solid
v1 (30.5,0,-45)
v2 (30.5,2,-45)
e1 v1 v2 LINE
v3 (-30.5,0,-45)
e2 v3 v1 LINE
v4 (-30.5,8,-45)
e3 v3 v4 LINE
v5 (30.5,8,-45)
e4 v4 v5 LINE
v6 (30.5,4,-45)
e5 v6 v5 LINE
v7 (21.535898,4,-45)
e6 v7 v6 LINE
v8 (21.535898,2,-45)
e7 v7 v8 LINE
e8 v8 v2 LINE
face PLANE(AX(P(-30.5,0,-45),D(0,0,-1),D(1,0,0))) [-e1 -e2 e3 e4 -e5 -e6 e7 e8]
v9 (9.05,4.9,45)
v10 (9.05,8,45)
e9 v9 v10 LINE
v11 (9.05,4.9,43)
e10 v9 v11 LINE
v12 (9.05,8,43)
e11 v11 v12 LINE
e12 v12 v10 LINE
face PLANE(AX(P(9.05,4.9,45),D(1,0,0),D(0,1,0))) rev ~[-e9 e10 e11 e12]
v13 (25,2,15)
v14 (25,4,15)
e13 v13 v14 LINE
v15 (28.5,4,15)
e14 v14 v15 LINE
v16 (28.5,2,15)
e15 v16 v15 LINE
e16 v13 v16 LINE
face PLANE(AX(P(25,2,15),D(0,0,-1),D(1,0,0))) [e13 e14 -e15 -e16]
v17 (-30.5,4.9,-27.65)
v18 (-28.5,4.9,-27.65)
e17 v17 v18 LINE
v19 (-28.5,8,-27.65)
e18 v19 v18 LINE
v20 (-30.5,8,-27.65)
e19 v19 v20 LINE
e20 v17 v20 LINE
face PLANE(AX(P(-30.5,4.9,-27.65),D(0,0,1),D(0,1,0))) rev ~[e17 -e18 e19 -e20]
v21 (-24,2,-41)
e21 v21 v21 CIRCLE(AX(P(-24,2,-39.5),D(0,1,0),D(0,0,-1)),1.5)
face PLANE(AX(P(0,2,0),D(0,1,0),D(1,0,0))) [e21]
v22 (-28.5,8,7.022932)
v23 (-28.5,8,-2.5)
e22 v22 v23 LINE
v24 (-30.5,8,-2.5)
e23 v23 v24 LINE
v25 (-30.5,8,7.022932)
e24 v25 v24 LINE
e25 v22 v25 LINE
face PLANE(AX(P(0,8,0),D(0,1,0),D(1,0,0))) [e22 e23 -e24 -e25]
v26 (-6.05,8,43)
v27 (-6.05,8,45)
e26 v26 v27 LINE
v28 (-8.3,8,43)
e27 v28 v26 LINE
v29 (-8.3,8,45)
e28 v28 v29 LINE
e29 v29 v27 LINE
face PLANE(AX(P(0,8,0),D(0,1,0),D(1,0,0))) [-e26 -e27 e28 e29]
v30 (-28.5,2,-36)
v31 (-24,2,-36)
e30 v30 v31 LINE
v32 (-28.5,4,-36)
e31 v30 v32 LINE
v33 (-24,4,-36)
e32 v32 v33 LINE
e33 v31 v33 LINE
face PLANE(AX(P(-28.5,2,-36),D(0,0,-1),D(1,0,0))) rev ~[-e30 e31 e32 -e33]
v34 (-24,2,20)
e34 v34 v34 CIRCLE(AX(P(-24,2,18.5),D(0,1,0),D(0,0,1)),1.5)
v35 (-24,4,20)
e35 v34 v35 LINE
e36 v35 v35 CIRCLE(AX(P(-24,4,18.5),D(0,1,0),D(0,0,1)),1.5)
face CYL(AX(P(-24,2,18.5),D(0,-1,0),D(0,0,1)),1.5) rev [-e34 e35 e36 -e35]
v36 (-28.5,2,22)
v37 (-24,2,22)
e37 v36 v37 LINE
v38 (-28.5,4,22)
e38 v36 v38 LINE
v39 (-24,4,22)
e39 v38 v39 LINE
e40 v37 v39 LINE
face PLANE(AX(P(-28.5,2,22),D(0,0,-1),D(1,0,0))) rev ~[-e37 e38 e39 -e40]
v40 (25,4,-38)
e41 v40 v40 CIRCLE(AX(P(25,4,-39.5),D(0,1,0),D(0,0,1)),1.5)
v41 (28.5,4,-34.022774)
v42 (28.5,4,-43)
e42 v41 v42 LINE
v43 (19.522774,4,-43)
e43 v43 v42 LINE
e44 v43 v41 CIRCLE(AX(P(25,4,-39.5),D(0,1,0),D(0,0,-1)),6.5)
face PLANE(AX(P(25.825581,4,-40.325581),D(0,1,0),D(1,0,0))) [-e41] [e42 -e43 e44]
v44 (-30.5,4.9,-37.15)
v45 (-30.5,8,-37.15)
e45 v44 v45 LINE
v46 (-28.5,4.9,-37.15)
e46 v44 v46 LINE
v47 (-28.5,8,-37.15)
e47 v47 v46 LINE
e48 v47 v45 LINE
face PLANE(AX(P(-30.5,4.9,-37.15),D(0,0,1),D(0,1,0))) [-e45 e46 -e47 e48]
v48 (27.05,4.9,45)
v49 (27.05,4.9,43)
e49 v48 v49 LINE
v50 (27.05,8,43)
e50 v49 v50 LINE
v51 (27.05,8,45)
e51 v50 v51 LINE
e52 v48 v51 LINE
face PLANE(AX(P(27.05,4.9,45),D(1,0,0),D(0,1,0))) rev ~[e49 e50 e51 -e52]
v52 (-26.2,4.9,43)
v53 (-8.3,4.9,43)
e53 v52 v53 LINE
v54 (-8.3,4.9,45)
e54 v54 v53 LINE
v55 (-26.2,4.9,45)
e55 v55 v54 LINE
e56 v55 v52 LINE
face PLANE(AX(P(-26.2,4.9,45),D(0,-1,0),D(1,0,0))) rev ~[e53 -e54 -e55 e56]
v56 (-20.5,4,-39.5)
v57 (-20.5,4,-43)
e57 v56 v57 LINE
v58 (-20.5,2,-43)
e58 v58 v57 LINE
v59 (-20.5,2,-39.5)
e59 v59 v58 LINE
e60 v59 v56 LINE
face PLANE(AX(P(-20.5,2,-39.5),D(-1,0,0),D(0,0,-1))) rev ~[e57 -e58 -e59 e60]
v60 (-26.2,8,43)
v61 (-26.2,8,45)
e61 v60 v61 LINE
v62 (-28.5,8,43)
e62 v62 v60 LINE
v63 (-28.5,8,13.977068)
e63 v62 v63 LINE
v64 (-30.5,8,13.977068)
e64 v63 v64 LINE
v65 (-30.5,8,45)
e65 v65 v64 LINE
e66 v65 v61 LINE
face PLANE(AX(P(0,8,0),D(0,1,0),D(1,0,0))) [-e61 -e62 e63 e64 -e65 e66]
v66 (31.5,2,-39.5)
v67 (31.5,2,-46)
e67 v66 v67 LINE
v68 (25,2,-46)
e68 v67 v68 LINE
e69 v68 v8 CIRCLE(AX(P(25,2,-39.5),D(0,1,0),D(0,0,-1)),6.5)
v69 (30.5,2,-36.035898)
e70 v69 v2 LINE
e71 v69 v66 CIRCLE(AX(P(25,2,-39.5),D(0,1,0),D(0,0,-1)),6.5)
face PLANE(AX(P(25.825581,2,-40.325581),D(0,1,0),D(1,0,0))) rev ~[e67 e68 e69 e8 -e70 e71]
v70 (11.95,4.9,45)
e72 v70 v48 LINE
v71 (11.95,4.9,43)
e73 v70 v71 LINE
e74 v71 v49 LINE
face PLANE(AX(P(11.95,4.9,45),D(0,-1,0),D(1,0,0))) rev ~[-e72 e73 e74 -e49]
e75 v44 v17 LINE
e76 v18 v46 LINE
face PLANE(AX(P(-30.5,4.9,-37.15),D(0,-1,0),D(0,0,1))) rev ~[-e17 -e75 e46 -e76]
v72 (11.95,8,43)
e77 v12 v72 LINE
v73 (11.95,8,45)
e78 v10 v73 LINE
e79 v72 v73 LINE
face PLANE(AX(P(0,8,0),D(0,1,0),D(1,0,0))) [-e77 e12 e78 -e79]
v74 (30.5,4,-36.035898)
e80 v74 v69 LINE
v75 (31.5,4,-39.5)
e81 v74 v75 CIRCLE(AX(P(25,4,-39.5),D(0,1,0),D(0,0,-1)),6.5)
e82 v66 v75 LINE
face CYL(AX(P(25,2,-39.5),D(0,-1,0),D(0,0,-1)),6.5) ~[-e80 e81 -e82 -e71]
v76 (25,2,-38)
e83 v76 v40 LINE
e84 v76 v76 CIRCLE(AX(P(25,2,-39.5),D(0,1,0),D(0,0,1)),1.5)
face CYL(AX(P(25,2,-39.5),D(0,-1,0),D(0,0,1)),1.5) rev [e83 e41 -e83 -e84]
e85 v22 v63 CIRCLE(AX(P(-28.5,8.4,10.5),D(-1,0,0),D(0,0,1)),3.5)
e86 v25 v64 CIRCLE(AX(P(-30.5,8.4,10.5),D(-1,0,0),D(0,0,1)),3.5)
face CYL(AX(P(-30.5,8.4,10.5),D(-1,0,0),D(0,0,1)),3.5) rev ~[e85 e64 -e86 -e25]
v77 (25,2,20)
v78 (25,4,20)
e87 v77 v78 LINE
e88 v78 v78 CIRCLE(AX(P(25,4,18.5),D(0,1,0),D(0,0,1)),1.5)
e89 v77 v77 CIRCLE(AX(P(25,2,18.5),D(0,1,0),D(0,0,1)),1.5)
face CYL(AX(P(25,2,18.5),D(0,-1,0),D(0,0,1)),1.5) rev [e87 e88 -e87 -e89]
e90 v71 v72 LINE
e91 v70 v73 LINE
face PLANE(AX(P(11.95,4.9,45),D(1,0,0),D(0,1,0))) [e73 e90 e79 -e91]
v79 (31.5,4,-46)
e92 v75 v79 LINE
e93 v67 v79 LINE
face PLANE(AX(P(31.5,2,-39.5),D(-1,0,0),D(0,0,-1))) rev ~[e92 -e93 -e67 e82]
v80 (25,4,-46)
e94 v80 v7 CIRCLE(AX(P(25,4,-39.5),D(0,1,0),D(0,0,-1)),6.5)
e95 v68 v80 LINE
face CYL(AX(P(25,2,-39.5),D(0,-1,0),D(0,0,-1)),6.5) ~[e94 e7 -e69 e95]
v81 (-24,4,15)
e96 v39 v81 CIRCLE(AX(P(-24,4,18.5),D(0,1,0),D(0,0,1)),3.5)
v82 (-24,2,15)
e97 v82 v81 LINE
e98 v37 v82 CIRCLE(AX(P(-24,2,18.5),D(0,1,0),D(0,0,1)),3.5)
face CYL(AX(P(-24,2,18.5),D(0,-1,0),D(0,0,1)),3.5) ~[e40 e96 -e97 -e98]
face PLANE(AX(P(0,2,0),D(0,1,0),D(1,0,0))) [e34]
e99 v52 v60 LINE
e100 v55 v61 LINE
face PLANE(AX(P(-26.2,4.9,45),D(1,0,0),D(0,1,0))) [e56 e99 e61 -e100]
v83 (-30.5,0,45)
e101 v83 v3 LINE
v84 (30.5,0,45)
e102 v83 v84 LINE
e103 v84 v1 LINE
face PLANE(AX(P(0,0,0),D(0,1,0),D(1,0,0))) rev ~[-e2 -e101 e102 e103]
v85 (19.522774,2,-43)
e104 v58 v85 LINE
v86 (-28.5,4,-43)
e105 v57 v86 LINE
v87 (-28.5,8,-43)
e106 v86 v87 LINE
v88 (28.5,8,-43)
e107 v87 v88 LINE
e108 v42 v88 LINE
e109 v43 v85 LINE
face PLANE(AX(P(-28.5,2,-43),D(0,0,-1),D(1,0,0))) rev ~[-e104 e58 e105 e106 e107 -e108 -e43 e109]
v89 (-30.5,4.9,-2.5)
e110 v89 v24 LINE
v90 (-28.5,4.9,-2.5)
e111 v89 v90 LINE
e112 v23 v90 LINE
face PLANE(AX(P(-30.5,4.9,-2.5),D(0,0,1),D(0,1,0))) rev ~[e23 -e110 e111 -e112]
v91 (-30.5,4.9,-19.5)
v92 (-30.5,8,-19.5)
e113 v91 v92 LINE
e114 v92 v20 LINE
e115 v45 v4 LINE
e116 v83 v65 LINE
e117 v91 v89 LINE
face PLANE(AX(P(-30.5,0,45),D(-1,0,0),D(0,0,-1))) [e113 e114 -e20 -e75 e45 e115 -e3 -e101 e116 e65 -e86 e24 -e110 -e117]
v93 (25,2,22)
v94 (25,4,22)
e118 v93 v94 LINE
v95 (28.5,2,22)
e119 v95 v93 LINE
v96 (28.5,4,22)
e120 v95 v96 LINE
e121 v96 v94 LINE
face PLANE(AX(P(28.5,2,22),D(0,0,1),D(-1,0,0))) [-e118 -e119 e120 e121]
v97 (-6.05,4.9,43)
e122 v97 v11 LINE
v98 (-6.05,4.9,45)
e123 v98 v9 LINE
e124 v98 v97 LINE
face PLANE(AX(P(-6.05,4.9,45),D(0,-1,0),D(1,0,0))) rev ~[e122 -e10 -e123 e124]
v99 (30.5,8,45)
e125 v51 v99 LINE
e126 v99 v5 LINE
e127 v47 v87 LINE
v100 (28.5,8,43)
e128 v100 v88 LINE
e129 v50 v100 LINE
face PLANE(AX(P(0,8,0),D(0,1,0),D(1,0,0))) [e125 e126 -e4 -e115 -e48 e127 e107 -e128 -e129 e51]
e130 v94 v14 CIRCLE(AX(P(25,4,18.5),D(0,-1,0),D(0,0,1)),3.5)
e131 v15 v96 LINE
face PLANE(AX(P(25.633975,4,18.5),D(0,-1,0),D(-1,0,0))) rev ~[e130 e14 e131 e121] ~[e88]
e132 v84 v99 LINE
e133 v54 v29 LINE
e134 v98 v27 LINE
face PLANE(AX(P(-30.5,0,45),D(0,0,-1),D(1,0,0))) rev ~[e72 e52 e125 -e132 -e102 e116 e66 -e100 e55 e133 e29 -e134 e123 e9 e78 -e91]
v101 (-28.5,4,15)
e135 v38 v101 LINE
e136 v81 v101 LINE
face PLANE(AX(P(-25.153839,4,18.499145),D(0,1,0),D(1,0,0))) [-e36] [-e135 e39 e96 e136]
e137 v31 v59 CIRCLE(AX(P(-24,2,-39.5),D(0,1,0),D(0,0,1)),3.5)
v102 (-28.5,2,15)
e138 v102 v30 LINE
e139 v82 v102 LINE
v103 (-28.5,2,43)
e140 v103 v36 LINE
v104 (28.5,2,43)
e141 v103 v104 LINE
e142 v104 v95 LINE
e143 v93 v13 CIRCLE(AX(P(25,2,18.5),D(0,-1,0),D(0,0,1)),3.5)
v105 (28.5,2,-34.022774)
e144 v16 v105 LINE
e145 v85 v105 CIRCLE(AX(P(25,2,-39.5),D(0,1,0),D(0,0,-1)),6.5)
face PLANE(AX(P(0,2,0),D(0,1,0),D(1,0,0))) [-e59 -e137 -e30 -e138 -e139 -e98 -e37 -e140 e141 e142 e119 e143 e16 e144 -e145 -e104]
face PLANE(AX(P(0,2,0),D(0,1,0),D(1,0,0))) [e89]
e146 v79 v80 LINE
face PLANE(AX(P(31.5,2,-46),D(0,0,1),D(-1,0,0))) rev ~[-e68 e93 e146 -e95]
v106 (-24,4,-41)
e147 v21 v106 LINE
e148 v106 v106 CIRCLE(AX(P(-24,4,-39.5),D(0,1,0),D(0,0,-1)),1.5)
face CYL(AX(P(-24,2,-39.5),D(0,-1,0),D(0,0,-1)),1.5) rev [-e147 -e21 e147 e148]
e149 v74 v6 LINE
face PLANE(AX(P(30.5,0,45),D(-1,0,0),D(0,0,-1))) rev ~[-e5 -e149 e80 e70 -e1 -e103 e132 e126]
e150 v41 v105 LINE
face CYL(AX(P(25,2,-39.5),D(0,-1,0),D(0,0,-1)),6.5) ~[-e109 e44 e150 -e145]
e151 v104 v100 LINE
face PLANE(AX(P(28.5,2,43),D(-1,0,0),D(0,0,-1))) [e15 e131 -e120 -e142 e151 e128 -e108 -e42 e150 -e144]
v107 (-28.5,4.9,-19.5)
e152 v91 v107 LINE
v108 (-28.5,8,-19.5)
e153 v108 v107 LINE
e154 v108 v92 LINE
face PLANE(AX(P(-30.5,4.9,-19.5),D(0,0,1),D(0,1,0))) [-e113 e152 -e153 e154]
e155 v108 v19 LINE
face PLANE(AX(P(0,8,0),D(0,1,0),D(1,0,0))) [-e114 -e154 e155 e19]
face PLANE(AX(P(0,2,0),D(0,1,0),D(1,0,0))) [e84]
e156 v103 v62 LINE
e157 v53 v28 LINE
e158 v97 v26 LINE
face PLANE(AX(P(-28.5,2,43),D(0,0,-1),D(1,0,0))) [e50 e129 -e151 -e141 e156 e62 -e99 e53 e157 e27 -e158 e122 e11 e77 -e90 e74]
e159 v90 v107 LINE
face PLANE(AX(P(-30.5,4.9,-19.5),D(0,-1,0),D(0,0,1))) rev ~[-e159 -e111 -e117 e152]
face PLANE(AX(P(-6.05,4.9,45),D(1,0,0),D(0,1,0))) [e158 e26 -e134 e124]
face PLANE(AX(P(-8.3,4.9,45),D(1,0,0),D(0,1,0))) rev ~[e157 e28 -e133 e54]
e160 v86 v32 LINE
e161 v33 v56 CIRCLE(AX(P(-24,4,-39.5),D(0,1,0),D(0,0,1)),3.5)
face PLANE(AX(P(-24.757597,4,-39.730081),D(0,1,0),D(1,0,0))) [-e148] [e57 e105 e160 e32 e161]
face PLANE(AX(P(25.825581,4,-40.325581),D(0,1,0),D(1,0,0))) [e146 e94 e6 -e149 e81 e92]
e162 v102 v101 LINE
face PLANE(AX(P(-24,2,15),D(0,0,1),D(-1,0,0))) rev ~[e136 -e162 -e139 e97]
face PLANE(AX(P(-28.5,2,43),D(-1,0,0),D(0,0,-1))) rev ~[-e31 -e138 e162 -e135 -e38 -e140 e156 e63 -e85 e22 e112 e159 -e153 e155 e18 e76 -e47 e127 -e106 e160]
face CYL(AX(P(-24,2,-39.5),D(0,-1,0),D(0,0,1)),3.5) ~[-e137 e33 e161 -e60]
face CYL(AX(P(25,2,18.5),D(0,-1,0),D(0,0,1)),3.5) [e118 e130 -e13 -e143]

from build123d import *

# Parameters (mm, degrees)
SKETCH1_W            = 61
SKETCH1_H            = 90
BOSS_EXTRUDE1_DEPTH  = 8
SKETCH4_W            = 57
SKETCH4_H            = 86
CUT_EXTRUDE1_DEPTH   = 6
SKETCH5_R            = 1.5
BOSS_EXTRUDE12_DEPTH = 2
CUT_EXTRUDE2_REACH   = 79.614
SKETCH6_R            = 3.5
SKETCH6_W            = 17
SKETCH6_H            = 6.5
SKETCH6_W_2          = 9.5
SKETCH6_H_2          = 4
CUT_EXTRUDE3_REACH   = 98.629
SKETCH8_W            = 17.9
SKETCH8_H            = 15.5
SKETCH8_W_2          = 15.1
SKETCH8_H_2          = 16


with BuildPart() as part:
    # Sketch1 → Boss-Extrude1 (new body)
    with BuildSketch(Plane(origin=(0, 0, 0), x_dir=(1, 0, 0), z_dir=(0, 1, 0))):
        Rectangle(SKETCH1_W, SKETCH1_H)
    extrude(amount=BOSS_EXTRUDE1_DEPTH)

    # Sketch4 → Cut-Extrude1 (cut)
    with BuildSketch(Plane(origin=(0, 2, 0), x_dir=(1, 0, 0), z_dir=(0, 1, 0))):
        Rectangle(SKETCH4_W, SKETCH4_H)
    extrude(amount=CUT_EXTRUDE1_DEPTH, mode=Mode.SUBTRACT)

    # Sketch5 → Boss-Extrude12 (add)
    # profile 1 of 4: a face of its own
    with BuildSketch(Plane(origin=(0, 2, 0), x_dir=(1, 0, 0), z_dir=(0, 1, 0))):
        with BuildLine():
            Line((25, -15), (28.5, -15))
            Line((28.5, -15), (28.5, -22))
            Line((28.5, -22), (25, -22))
            ThreePointArc((25, -22), (21.5, -18.5), (25, -15))
        make_face()
        with Locations(Location((25, -18.5, 0), (0, 0, 270))):
            Circle(SKETCH5_R, mode=Mode.SUBTRACT)
    # profile 2 of 4: a face of its own
    with BuildSketch(Plane(origin=(0, 2, 0), x_dir=(1, 0, 0), z_dir=(0, 1, 0))):
        with BuildLine():
            Line((31.5, 39.5), (31.5, 46))
            Line((31.5, 46), (25, 46))
            ThreePointArc((25, 46), (20.403805922, 34.903805922), (31.5, 39.5))
        make_face()
        with Locations(Location((25, 39.5, 0), (0, 0, 270))):
            Circle(SKETCH5_R, mode=Mode.SUBTRACT)
    # profile 3 of 4: a face of its own
    with BuildSketch(Plane(origin=(0, 2, 0), x_dir=(1, 0, 0), z_dir=(0, 1, 0))):
        with BuildLine():
            Line((-20.5, 39.5), (-20.5, 43))
            Line((-20.5, 43), (-28.5, 43))
            Line((-28.5, 43), (-28.5, 36))
            Line((-28.5, 36), (-24, 36))
            ThreePointArc((-24, 36), (-21.525126266, 37.025126266), (-20.5, 39.5))
        make_face()
        with Locations(Location((-24, 39.5, 0), (0, 0, 90))):
            Circle(SKETCH5_R, mode=Mode.SUBTRACT)
    # profile 4 of 4: a face of its own
    with BuildSketch(Plane(origin=(0, 2, 0), x_dir=(1, 0, 0), z_dir=(0, 1, 0))):
        with BuildLine():
            Line((-24, -15), (-28.506473373, -15))
            Line((-28.506473373, -15), (-28.5, -22))
            Line((-28.5, -22), (-24, -22))
            ThreePointArc((-24, -22), (-20.5, -18.5), (-24, -15))
        make_face()
        with Locations(Location((-24, -18.5, 0), (0, 0, 270))):
            Circle(SKETCH5_R, mode=Mode.SUBTRACT)
    extrude(amount=BOSS_EXTRUDE12_DEPTH)

    # Sketch6 → Cut-Extrude2 (cut, up to next)
    with BuildSketch(Plane.ZY.offset(30.5), mode=Mode.PRIVATE) as cut_extrude2_sk1:
        with Locations((10.5, 8.4)):
            Circle(SKETCH6_R)
    cut_extrude2_tool1 = extrude(cut_extrude2_sk1.sketch, amount=-CUT_EXTRUDE2_REACH, mode=Mode.PRIVATE) & part.part
    # Sketch6 → Cut-Extrude2 (cut, up to next)
    with BuildSketch(Plane.ZY.offset(30.5), mode=Mode.PRIVATE) as cut_extrude2_sk2:
        with Locations((-11, 8.15)):
            Rectangle(SKETCH6_W, SKETCH6_H)
    cut_extrude2_tool2 = extrude(cut_extrude2_sk2.sketch, amount=-CUT_EXTRUDE2_REACH, mode=Mode.PRIVATE) & part.part
    # Sketch6 → Cut-Extrude2 (cut, up to next)
    with BuildSketch(Plane.ZY.offset(30.5), mode=Mode.PRIVATE) as cut_extrude2_sk3:
        with Locations((-32.4, 6.9)):
            Rectangle(SKETCH6_W_2, SKETCH6_H_2)
    cut_extrude2_tool3 = extrude(cut_extrude2_sk3.sketch, amount=-CUT_EXTRUDE2_REACH, mode=Mode.PRIVATE) & part.part
    add(cut_extrude2_tool1.solids().sort_by_distance((-30.5, 8.4, 10.5))[0], mode=Mode.SUBTRACT)
    add(cut_extrude2_tool2.solids().sort_by_distance((-30.5, 8.15, -11))[0], mode=Mode.SUBTRACT)
    add(cut_extrude2_tool3.solids().sort_by_distance((-30.5, 6.9, -32.4))[0], mode=Mode.SUBTRACT)

    # Sketch8 → Cut-Extrude3 (cut, up to next)
    with BuildSketch(Plane.XY.offset(45), mode=Mode.PRIVATE) as cut_extrude3_sk1:
        with Locations((-17.25, 12.65)):
            Rectangle(SKETCH8_W, SKETCH8_H)
    cut_extrude3_tool1 = extrude(cut_extrude3_sk1.sketch, amount=-CUT_EXTRUDE3_REACH, mode=Mode.PRIVATE) & part.part
    # Sketch8 → Cut-Extrude3 (cut, up to next)
    with BuildSketch(Plane.XY.offset(45), mode=Mode.PRIVATE) as cut_extrude3_sk2:
        with Locations((1.5, 12.9)):
            Rectangle(SKETCH8_W_2, SKETCH8_H_2)
    cut_extrude3_tool2 = extrude(cut_extrude3_sk2.sketch, amount=-CUT_EXTRUDE3_REACH, mode=Mode.PRIVATE) & part.part
    # Sketch8 → Cut-Extrude3 (cut, up to next)
    with BuildSketch(Plane.XY.offset(45), mode=Mode.PRIVATE) as cut_extrude3_sk3:
        with Locations((19.5, 12.9)):
            Rectangle(SKETCH8_W_2, SKETCH8_H_2)
    cut_extrude3_tool3 = extrude(cut_extrude3_sk3.sketch, amount=-CUT_EXTRUDE3_REACH, mode=Mode.PRIVATE) & part.part
    add(cut_extrude3_tool1.solids().sort_by_distance((-17.25, 12.65, 45))[0], mode=Mode.SUBTRACT)
    add(cut_extrude3_tool2.solids().sort_by_distance((1.5, 12.9, 45))[0], mode=Mode.SUBTRACT)
    add(cut_extrude3_tool3.solids().sort_by_distance((19.5, 12.9, 45))[0], mode=Mode.SUBTRACT)


solid = part.part
